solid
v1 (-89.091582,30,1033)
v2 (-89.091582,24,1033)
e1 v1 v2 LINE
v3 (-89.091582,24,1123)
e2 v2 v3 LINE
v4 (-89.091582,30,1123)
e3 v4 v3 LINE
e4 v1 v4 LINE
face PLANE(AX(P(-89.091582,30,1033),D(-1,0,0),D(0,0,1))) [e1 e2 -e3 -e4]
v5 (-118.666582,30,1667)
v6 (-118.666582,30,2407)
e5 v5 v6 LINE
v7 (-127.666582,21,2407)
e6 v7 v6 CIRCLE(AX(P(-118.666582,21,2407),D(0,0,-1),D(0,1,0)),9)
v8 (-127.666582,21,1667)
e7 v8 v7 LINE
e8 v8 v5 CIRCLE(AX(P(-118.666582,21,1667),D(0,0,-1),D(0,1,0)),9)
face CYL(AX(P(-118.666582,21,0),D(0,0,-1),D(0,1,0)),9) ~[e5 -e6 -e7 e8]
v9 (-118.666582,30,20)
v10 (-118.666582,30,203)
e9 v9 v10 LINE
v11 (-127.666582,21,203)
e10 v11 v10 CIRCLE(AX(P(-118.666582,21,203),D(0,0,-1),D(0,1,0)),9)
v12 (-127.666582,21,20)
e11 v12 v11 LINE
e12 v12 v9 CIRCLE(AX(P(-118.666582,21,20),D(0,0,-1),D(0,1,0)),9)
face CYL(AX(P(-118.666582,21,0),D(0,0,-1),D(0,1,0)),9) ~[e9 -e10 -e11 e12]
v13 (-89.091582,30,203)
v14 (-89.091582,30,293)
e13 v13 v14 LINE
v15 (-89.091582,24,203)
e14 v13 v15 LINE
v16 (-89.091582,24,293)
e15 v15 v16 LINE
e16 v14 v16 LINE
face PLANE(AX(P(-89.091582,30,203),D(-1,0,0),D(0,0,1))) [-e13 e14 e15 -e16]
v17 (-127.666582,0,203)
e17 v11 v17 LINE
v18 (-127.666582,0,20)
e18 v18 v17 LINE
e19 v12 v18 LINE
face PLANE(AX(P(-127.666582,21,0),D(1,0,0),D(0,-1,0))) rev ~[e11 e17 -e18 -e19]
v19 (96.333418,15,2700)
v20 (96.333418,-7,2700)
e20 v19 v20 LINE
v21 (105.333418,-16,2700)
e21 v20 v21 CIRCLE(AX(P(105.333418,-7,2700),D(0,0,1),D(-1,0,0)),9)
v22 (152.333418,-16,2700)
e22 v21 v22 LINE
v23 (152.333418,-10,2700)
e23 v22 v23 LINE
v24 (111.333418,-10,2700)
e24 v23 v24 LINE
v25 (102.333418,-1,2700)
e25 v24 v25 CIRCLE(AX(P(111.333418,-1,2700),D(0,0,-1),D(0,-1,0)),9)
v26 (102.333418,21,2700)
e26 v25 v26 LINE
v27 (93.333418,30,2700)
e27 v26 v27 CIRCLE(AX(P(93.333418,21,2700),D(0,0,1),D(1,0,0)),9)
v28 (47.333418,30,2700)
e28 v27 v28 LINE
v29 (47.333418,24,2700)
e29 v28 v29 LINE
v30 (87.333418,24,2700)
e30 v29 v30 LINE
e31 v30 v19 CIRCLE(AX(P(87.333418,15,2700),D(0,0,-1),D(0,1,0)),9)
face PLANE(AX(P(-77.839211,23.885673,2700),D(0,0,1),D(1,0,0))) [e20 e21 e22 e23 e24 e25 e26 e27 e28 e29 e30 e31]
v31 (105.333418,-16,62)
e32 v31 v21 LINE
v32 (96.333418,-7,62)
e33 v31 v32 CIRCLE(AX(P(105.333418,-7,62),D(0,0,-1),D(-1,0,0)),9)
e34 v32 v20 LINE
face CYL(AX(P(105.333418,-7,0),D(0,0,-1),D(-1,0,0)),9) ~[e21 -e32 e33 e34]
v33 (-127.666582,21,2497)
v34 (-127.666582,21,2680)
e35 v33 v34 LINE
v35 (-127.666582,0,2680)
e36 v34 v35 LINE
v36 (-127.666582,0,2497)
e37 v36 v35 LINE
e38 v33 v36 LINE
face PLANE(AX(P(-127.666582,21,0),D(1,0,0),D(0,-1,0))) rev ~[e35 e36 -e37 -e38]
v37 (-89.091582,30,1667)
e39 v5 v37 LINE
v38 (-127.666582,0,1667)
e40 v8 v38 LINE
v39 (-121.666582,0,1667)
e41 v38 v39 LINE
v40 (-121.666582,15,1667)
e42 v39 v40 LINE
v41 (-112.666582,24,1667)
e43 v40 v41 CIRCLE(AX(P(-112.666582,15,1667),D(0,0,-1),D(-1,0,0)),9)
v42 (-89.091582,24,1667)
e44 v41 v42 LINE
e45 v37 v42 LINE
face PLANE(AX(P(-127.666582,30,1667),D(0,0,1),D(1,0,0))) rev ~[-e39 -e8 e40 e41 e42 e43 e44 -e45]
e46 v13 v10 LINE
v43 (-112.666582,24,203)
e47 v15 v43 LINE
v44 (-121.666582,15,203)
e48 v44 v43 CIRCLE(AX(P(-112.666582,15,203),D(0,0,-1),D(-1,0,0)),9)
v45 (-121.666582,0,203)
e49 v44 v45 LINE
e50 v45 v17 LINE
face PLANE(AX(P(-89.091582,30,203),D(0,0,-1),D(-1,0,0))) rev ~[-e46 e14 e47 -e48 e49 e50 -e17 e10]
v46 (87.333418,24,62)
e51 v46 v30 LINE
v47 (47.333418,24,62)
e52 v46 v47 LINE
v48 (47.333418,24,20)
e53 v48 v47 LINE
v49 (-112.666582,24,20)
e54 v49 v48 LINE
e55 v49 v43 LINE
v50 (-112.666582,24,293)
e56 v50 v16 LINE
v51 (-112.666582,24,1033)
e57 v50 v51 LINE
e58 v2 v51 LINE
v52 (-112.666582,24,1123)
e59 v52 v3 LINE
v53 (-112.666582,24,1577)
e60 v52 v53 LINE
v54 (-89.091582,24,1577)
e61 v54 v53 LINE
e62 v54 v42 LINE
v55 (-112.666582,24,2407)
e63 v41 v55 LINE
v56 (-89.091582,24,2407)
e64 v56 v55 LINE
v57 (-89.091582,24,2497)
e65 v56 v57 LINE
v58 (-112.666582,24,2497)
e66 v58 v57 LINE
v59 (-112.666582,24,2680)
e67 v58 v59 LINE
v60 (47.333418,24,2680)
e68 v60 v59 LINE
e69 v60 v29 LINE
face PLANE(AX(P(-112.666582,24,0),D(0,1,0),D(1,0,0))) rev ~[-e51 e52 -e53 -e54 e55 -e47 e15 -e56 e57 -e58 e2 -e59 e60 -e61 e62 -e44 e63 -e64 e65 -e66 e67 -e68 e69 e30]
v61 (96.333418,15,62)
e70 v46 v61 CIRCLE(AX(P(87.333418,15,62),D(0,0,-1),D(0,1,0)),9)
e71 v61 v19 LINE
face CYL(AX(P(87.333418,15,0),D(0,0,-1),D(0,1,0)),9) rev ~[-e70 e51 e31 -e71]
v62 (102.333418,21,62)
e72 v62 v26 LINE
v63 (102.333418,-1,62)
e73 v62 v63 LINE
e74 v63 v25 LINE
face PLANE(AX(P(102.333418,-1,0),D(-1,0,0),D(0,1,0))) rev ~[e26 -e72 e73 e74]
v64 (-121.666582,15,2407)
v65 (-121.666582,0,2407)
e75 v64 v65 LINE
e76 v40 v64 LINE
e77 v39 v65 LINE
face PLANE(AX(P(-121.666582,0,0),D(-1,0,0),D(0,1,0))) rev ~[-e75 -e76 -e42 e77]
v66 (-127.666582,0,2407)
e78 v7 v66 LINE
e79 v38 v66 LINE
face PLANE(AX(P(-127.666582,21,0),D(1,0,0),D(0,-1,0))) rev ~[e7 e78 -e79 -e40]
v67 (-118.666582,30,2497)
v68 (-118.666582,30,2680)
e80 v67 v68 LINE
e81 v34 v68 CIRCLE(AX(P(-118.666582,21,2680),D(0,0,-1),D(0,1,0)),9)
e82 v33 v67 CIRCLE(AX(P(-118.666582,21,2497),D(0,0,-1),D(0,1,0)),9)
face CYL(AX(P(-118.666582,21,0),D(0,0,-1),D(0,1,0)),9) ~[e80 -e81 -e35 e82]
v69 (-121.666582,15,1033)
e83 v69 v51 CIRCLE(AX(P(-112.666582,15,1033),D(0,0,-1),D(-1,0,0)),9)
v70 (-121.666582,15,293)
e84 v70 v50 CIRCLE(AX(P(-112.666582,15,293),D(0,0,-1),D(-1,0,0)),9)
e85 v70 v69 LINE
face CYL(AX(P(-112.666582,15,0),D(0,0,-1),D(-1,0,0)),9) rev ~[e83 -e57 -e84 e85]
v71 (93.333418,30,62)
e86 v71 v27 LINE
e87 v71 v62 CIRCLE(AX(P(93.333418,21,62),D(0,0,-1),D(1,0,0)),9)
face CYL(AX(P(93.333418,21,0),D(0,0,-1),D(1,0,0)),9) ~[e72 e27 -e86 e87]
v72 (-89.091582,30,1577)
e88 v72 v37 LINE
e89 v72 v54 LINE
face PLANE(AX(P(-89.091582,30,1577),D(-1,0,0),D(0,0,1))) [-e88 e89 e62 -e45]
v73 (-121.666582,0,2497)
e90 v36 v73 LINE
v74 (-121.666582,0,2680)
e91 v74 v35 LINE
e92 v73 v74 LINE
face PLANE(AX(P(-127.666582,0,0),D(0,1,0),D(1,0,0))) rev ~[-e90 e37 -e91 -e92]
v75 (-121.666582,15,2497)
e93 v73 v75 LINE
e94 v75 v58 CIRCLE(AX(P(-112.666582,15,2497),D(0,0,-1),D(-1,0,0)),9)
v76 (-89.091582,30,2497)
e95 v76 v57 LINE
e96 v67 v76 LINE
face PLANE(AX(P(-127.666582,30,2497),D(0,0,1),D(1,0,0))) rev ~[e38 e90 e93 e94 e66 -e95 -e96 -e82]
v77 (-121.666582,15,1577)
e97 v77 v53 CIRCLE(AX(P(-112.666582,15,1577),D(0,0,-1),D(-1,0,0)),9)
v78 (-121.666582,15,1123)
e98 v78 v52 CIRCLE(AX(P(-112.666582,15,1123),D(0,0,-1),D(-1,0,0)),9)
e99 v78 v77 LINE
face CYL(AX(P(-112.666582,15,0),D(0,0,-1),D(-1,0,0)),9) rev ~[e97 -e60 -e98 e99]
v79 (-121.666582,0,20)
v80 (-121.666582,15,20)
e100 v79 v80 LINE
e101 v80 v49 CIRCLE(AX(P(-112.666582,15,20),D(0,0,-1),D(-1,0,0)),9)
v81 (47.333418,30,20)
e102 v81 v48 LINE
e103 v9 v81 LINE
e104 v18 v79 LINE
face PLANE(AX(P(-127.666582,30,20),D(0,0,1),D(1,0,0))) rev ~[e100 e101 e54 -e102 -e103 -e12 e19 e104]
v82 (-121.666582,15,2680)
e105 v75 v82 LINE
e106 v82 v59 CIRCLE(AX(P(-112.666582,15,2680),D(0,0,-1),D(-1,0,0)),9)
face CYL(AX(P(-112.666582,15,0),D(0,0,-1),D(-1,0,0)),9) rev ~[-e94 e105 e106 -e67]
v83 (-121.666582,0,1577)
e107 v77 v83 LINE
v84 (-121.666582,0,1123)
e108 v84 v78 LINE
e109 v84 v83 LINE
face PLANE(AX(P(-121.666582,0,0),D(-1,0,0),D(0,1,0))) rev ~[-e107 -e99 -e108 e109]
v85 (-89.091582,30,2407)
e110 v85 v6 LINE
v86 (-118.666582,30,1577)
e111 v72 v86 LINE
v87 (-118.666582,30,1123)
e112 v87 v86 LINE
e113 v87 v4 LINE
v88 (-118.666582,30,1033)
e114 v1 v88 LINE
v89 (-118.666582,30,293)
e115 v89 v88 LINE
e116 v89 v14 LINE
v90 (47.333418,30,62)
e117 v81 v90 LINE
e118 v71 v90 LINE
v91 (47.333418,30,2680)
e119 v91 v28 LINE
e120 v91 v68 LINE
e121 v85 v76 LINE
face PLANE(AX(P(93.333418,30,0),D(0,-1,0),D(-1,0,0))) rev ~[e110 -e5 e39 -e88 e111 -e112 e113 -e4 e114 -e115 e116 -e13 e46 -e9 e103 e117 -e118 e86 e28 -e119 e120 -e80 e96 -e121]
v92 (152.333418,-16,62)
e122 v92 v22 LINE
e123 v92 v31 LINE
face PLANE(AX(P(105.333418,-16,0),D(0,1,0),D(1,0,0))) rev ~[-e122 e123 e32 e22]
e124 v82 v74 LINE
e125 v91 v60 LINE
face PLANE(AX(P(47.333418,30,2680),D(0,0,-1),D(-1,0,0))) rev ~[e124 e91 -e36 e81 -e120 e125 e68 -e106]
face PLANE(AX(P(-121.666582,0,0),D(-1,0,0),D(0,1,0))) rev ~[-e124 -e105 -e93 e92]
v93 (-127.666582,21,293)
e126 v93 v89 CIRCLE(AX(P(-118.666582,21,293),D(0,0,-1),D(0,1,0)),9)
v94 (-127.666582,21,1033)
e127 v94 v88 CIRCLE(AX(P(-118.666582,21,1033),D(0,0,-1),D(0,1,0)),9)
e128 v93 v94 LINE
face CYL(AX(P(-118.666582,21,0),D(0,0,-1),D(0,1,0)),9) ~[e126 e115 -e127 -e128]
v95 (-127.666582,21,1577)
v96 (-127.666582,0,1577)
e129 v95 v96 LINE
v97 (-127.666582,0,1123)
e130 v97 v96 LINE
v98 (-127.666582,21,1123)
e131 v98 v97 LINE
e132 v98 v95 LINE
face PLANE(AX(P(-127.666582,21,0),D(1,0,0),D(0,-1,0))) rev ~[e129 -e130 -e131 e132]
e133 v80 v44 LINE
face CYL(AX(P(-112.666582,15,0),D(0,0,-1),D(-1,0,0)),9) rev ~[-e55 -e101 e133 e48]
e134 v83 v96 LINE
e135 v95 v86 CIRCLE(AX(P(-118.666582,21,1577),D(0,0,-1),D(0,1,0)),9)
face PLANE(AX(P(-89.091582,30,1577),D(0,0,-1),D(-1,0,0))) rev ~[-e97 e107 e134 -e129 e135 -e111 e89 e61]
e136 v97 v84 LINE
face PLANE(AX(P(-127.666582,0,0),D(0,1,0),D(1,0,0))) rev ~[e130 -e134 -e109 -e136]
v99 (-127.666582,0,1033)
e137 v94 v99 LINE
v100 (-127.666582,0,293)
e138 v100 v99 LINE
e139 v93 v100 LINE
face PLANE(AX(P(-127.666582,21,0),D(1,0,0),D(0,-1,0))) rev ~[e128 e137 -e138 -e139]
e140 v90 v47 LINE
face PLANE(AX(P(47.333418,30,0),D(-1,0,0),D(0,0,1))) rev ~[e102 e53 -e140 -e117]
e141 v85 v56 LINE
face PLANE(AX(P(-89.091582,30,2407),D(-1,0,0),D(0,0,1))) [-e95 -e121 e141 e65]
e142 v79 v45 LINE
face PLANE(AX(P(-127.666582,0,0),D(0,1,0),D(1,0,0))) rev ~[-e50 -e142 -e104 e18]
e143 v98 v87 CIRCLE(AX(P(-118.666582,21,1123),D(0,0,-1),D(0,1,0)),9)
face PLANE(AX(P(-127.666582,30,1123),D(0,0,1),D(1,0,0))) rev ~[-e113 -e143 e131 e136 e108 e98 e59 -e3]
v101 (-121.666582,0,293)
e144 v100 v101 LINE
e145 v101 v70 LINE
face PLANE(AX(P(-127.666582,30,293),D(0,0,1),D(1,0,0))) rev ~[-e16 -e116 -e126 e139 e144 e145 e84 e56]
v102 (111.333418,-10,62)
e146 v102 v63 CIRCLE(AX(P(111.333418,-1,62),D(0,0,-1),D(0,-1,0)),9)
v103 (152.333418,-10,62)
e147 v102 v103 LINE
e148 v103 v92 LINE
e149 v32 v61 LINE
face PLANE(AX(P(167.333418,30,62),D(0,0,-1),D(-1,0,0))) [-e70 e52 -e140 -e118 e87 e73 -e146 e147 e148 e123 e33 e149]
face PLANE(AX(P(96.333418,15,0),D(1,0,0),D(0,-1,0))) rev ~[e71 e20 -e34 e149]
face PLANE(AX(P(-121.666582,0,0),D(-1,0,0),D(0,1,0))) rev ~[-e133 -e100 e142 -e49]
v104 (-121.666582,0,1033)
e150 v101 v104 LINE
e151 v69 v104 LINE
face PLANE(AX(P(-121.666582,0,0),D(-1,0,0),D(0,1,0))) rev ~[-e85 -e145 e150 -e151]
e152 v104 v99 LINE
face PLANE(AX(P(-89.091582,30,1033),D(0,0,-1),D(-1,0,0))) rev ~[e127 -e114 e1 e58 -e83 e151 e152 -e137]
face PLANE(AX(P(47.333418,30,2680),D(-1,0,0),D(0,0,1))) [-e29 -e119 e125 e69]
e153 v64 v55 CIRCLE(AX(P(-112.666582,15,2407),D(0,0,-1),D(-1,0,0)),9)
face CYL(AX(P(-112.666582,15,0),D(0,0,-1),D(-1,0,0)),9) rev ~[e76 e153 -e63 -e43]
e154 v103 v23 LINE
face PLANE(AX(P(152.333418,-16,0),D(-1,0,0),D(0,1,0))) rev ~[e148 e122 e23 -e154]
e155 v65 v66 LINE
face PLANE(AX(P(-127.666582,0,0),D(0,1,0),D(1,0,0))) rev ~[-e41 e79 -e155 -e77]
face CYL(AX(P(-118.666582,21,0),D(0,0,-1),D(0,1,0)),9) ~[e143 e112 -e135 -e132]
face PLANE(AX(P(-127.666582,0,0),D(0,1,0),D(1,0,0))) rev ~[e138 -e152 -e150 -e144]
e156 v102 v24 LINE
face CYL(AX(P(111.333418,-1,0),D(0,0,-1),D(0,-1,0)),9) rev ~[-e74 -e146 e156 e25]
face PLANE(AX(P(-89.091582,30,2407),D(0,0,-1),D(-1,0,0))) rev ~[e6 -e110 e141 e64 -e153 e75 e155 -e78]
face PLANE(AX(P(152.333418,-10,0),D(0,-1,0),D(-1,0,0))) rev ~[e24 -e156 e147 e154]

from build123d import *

# Parameters (mm, degrees)
F1_DEPTH = 2700
F2_W     = 175
F2_H     = 20
F3_DEPTH = 46.001
F4_W     = 29.575
F4_H     = 90
F4_W_2   = 9
F5_DEPTH = 46.001
F6_W     = 120
F6_H     = 62
F7_DEPTH = 46.001


with BuildPart() as f1:
    # F0 (on Top) → F1 (new body)
    with BuildSketch(Plane.XY):
        with BuildLine():
            Line((-127.6665818456, 21), (-127.6665818456, 0))
            Line((-127.6665818456, 0), (-121.6665818456, 0))
            Line((-121.6665818456, 0), (-121.6665818456, 15))
            ThreePointArc((-121.6665818456, 15), (-119.0305428763, 21.3639610307), (-112.6665818456, 24))
            Line((-112.6665818456, 24), (-12.6665818456, 24))
            Line((-12.6665818456, 24), (-12.6665818456, 30))
            Line((-12.6665818456, 30), (-118.6665818456, 30))
            ThreePointArc((-118.6665818456, 30), (-125.0305428763, 27.3639610307), (-127.6665818456, 21))
        make_face()
        with BuildLine():
            Line((93.3334181544, 30), (-12.6665818456, 30))
            Line((-12.6665818456, 30), (-12.6665818456, 24))
            Line((-12.6665818456, 24), (87.3334181544, 24))
            ThreePointArc((87.3334181544, 24), (93.697379185, 21.3639610307), (96.3334181544, 15))
            Line((96.3334181544, 15), (96.3334181544, -7))
            ThreePointArc((96.3334181544, -7), (98.9694571237, -13.3639610307), (105.3334181544, -16))
            Line((105.3334181544, -16), (152.3334181544, -16))
            Line((152.3334181544, -16), (152.3334181544, -10))
            Line((152.3334181544, -10), (111.3334181544, -10))
            ThreePointArc((111.3334181544, -10), (104.9694571237, -7.3639610307), (102.3334181544, -1))
            Line((102.3334181544, -1), (102.3334181544, 21))
            ThreePointArc((102.3334181544, 21), (99.697379185, 27.3639610307), (93.3334181544, 30))
        make_face()
    extrude(amount=F1_DEPTH)

    # F2 (on face) → F3 (cut, through all)
    with BuildSketch(Plane(origin=(0, 30, 0), x_dir=(-1, 0, 0), z_dir=(0, 1, 0))):
        with Locations((40.1665818456, 2690)):
            Rectangle(F2_W, F2_H)
        Polygon((-47.3334181544, 0), (118.6665818456, 0), (127.6665818456, 0), (127.6665818456, 20), (-47.3334181544, 20), align=None)
    extrude(amount=-F3_DEPTH, mode=Mode.SUBTRACT)

    # F4 (on face) → F5 (cut, through all)
    with BuildSketch(Plane(origin=(0, 30, 0), x_dir=(-1, 0, 0), z_dir=(0, 1, 0))):
        with Locations((103.8790818456, 2452)):
            Rectangle(F4_W, F4_H)
        with Locations((123.1665818456, 2452)):
            Rectangle(F4_W_2, F4_H)
        with Locations((123.1665818456, 248)):
            Rectangle(F4_W_2, F4_H)
        with Locations((103.8790818456, 248)):
            Rectangle(F4_W, F4_H)
        with Locations((103.8790818456, 1078)):
            Rectangle(F4_W, F4_H)
        with Locations((123.1665818456, 1078)):
            Rectangle(F4_W_2, F4_H)
        with Locations((103.8790818456, 1622)):
            Rectangle(F4_W, F4_H)
        with Locations((123.1665818456, 1622)):
            Rectangle(F4_W_2, F4_H)
    extrude(amount=-F5_DEPTH, mode=Mode.SUBTRACT)

    # F6 (on face) → F7 (cut, through all)
    with BuildSketch(Plane(origin=(0, 30, 0), x_dir=(-1, 0, 0), z_dir=(0, 1, 0))):
        with Locations((-107.3334181544, 31)):
            Rectangle(F6_W, F6_H)
    extrude(amount=-F7_DEPTH, mode=Mode.SUBTRACT)


solid = f1.part
